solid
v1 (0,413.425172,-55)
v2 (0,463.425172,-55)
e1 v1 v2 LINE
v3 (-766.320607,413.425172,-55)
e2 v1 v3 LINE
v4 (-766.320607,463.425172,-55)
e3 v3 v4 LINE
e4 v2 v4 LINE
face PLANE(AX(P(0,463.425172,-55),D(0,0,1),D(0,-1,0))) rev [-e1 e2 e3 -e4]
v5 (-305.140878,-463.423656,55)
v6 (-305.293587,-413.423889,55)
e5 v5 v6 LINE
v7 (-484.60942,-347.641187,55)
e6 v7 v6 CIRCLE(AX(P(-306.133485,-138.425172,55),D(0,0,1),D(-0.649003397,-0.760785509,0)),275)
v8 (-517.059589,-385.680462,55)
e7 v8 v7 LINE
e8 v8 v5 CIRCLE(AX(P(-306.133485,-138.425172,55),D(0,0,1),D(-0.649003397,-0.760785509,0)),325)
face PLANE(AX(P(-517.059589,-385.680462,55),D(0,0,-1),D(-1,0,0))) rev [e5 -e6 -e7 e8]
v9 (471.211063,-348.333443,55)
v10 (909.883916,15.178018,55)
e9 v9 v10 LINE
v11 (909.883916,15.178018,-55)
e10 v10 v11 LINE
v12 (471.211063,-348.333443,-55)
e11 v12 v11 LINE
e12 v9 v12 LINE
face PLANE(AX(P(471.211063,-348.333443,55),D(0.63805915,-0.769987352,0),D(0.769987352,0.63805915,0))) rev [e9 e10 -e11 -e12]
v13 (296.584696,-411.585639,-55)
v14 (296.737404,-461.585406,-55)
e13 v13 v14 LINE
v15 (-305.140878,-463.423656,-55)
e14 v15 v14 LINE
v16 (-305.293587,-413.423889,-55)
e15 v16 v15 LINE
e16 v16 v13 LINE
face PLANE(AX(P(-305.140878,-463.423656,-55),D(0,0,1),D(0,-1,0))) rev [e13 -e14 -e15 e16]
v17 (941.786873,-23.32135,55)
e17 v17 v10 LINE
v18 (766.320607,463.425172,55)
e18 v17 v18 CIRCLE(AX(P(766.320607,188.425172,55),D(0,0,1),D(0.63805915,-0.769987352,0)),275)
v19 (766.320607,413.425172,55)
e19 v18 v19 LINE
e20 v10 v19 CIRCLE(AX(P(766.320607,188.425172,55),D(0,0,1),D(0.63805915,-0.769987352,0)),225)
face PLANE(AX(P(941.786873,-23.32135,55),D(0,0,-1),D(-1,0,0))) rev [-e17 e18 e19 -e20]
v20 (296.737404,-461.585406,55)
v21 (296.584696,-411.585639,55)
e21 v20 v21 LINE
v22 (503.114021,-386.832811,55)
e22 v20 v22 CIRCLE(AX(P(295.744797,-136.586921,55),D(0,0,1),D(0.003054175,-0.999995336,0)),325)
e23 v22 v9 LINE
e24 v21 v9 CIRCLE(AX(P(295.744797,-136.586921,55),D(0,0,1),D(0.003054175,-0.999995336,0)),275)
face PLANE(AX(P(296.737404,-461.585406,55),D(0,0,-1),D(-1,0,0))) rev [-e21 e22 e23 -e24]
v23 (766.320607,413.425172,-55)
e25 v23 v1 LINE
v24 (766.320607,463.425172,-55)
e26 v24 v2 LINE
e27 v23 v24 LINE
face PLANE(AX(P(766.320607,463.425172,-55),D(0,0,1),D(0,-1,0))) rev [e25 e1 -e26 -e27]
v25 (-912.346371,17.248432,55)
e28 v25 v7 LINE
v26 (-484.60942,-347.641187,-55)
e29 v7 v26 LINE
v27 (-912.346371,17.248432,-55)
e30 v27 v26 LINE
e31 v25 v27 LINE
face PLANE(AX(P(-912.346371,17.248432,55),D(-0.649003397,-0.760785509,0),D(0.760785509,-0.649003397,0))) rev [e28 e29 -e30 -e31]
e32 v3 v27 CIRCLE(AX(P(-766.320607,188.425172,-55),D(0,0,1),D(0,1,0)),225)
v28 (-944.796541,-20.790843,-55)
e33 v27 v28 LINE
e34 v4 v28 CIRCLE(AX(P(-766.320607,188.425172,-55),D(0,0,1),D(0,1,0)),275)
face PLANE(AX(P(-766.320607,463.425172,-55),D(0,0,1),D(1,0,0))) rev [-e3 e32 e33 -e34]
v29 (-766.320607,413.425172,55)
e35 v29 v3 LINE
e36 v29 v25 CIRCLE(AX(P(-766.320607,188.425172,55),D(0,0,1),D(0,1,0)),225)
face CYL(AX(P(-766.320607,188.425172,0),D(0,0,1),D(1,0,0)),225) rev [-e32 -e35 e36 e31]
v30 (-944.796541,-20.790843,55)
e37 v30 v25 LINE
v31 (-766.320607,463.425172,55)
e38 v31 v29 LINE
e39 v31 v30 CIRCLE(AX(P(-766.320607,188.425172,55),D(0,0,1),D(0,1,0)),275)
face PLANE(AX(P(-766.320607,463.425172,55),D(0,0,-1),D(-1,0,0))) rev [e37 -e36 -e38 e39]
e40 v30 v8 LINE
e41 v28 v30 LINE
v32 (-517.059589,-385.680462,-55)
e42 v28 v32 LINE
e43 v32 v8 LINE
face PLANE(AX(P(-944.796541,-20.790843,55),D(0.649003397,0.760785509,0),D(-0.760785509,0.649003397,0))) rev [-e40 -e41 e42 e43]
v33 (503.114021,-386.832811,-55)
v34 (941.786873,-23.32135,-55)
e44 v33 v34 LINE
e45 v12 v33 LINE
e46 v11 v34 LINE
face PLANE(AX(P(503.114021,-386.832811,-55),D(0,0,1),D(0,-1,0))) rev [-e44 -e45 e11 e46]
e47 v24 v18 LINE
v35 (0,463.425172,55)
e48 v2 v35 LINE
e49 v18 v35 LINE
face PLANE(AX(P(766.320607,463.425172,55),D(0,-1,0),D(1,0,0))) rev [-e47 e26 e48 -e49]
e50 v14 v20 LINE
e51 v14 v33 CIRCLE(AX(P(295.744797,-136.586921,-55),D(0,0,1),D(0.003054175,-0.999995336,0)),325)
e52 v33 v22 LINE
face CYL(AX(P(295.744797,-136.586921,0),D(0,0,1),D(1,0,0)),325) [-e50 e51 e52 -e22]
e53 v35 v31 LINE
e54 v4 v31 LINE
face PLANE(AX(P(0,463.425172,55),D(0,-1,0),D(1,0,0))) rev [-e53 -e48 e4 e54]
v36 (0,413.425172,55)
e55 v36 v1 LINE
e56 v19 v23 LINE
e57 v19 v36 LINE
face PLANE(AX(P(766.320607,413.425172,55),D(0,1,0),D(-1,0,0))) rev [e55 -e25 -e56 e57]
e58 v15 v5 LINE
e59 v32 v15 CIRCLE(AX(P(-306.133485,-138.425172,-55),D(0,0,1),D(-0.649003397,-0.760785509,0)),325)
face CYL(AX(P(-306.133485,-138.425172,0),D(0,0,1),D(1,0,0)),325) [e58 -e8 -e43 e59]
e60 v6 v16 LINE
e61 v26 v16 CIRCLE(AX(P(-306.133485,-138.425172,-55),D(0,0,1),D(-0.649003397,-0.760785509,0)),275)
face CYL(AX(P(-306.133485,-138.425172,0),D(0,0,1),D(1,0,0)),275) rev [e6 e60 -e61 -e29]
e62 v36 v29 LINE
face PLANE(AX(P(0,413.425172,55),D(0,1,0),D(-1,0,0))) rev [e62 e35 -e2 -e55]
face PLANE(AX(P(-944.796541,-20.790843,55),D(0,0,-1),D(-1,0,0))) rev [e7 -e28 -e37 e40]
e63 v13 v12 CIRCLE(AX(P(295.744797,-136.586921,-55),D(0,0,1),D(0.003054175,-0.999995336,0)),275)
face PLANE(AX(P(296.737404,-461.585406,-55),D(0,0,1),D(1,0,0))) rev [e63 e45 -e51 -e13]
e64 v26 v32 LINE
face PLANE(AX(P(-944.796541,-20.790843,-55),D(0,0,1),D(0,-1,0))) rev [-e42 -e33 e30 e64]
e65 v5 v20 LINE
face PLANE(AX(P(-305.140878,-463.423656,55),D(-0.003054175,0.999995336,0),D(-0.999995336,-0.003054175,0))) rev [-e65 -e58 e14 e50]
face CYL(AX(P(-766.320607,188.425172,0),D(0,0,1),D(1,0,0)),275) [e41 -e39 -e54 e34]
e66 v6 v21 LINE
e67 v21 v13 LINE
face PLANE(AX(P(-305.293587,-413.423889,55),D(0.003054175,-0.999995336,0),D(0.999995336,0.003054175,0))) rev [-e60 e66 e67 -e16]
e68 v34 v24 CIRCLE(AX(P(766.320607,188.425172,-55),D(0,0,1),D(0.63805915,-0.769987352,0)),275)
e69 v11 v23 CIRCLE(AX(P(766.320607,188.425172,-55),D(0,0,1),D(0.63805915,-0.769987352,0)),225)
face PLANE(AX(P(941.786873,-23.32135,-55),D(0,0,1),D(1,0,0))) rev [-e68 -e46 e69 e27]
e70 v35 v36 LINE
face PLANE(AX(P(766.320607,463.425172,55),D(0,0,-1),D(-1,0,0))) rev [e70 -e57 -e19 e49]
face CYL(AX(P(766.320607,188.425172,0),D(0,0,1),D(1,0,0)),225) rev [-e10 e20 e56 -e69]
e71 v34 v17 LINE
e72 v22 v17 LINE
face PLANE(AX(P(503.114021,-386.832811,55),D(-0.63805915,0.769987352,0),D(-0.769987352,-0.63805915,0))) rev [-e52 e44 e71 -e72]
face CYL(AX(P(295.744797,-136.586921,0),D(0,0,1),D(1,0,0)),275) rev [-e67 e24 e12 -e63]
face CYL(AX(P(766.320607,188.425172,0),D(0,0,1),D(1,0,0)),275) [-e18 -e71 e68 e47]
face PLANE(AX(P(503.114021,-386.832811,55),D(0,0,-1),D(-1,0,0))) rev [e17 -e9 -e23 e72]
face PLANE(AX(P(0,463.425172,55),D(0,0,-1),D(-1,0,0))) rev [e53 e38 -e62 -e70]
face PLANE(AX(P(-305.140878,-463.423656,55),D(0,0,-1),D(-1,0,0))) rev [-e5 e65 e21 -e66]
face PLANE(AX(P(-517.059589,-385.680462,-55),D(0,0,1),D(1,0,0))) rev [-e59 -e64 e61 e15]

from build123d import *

# Parameters (mm, degrees)
SKETCH2_W = 110
SKETCH2_H = 50


with BuildPart() as part:
    # Sweep1: sweep along a path in Sketch1
    with BuildLine(Plane.XY) as sweep1_path:
        Line((-928.571456188, -1.771205441), (-500.834504508, -366.660824545))
        ThreePointArc((-500.834504508, -366.660824545), (-409.456348871, -420.071023724), (-305.217232836, -438.423772624))
        Line((-305.217232836, -438.423772624), (296.661049889, -436.585522244))
        ThreePointArc((296.661049889, -436.585522244), (397.913404434, -418.653537183), (487.162542163, -367.583126926))
        Line((487.162542163, -367.583126926), (925.835394358, -4.071666076))
        ThreePointArc((925.835394358, -4.071666076), (1001.50586317, 273.206627713), (766.320606962, 438.425171825))
        Line((766.320606962, 438.425171825), (-766.320606962, 438.425171825))
        ThreePointArc((-766.320606962, 438.425171825), (-1000.893723832, 274.885872966), (-928.571456188, -1.771205441))
    # Sketch2 → Sweep1 (sweep)
    with BuildSketch(Plane(origin=(0, 0, 0), x_dir=(0, 0, -1), z_dir=(1, 0, 0))):
        with Locations((0, 438.425171825)):
            Rectangle(SKETCH2_W, SKETCH2_H)
    sweep(path=sweep1_path.line)


solid = part.part
